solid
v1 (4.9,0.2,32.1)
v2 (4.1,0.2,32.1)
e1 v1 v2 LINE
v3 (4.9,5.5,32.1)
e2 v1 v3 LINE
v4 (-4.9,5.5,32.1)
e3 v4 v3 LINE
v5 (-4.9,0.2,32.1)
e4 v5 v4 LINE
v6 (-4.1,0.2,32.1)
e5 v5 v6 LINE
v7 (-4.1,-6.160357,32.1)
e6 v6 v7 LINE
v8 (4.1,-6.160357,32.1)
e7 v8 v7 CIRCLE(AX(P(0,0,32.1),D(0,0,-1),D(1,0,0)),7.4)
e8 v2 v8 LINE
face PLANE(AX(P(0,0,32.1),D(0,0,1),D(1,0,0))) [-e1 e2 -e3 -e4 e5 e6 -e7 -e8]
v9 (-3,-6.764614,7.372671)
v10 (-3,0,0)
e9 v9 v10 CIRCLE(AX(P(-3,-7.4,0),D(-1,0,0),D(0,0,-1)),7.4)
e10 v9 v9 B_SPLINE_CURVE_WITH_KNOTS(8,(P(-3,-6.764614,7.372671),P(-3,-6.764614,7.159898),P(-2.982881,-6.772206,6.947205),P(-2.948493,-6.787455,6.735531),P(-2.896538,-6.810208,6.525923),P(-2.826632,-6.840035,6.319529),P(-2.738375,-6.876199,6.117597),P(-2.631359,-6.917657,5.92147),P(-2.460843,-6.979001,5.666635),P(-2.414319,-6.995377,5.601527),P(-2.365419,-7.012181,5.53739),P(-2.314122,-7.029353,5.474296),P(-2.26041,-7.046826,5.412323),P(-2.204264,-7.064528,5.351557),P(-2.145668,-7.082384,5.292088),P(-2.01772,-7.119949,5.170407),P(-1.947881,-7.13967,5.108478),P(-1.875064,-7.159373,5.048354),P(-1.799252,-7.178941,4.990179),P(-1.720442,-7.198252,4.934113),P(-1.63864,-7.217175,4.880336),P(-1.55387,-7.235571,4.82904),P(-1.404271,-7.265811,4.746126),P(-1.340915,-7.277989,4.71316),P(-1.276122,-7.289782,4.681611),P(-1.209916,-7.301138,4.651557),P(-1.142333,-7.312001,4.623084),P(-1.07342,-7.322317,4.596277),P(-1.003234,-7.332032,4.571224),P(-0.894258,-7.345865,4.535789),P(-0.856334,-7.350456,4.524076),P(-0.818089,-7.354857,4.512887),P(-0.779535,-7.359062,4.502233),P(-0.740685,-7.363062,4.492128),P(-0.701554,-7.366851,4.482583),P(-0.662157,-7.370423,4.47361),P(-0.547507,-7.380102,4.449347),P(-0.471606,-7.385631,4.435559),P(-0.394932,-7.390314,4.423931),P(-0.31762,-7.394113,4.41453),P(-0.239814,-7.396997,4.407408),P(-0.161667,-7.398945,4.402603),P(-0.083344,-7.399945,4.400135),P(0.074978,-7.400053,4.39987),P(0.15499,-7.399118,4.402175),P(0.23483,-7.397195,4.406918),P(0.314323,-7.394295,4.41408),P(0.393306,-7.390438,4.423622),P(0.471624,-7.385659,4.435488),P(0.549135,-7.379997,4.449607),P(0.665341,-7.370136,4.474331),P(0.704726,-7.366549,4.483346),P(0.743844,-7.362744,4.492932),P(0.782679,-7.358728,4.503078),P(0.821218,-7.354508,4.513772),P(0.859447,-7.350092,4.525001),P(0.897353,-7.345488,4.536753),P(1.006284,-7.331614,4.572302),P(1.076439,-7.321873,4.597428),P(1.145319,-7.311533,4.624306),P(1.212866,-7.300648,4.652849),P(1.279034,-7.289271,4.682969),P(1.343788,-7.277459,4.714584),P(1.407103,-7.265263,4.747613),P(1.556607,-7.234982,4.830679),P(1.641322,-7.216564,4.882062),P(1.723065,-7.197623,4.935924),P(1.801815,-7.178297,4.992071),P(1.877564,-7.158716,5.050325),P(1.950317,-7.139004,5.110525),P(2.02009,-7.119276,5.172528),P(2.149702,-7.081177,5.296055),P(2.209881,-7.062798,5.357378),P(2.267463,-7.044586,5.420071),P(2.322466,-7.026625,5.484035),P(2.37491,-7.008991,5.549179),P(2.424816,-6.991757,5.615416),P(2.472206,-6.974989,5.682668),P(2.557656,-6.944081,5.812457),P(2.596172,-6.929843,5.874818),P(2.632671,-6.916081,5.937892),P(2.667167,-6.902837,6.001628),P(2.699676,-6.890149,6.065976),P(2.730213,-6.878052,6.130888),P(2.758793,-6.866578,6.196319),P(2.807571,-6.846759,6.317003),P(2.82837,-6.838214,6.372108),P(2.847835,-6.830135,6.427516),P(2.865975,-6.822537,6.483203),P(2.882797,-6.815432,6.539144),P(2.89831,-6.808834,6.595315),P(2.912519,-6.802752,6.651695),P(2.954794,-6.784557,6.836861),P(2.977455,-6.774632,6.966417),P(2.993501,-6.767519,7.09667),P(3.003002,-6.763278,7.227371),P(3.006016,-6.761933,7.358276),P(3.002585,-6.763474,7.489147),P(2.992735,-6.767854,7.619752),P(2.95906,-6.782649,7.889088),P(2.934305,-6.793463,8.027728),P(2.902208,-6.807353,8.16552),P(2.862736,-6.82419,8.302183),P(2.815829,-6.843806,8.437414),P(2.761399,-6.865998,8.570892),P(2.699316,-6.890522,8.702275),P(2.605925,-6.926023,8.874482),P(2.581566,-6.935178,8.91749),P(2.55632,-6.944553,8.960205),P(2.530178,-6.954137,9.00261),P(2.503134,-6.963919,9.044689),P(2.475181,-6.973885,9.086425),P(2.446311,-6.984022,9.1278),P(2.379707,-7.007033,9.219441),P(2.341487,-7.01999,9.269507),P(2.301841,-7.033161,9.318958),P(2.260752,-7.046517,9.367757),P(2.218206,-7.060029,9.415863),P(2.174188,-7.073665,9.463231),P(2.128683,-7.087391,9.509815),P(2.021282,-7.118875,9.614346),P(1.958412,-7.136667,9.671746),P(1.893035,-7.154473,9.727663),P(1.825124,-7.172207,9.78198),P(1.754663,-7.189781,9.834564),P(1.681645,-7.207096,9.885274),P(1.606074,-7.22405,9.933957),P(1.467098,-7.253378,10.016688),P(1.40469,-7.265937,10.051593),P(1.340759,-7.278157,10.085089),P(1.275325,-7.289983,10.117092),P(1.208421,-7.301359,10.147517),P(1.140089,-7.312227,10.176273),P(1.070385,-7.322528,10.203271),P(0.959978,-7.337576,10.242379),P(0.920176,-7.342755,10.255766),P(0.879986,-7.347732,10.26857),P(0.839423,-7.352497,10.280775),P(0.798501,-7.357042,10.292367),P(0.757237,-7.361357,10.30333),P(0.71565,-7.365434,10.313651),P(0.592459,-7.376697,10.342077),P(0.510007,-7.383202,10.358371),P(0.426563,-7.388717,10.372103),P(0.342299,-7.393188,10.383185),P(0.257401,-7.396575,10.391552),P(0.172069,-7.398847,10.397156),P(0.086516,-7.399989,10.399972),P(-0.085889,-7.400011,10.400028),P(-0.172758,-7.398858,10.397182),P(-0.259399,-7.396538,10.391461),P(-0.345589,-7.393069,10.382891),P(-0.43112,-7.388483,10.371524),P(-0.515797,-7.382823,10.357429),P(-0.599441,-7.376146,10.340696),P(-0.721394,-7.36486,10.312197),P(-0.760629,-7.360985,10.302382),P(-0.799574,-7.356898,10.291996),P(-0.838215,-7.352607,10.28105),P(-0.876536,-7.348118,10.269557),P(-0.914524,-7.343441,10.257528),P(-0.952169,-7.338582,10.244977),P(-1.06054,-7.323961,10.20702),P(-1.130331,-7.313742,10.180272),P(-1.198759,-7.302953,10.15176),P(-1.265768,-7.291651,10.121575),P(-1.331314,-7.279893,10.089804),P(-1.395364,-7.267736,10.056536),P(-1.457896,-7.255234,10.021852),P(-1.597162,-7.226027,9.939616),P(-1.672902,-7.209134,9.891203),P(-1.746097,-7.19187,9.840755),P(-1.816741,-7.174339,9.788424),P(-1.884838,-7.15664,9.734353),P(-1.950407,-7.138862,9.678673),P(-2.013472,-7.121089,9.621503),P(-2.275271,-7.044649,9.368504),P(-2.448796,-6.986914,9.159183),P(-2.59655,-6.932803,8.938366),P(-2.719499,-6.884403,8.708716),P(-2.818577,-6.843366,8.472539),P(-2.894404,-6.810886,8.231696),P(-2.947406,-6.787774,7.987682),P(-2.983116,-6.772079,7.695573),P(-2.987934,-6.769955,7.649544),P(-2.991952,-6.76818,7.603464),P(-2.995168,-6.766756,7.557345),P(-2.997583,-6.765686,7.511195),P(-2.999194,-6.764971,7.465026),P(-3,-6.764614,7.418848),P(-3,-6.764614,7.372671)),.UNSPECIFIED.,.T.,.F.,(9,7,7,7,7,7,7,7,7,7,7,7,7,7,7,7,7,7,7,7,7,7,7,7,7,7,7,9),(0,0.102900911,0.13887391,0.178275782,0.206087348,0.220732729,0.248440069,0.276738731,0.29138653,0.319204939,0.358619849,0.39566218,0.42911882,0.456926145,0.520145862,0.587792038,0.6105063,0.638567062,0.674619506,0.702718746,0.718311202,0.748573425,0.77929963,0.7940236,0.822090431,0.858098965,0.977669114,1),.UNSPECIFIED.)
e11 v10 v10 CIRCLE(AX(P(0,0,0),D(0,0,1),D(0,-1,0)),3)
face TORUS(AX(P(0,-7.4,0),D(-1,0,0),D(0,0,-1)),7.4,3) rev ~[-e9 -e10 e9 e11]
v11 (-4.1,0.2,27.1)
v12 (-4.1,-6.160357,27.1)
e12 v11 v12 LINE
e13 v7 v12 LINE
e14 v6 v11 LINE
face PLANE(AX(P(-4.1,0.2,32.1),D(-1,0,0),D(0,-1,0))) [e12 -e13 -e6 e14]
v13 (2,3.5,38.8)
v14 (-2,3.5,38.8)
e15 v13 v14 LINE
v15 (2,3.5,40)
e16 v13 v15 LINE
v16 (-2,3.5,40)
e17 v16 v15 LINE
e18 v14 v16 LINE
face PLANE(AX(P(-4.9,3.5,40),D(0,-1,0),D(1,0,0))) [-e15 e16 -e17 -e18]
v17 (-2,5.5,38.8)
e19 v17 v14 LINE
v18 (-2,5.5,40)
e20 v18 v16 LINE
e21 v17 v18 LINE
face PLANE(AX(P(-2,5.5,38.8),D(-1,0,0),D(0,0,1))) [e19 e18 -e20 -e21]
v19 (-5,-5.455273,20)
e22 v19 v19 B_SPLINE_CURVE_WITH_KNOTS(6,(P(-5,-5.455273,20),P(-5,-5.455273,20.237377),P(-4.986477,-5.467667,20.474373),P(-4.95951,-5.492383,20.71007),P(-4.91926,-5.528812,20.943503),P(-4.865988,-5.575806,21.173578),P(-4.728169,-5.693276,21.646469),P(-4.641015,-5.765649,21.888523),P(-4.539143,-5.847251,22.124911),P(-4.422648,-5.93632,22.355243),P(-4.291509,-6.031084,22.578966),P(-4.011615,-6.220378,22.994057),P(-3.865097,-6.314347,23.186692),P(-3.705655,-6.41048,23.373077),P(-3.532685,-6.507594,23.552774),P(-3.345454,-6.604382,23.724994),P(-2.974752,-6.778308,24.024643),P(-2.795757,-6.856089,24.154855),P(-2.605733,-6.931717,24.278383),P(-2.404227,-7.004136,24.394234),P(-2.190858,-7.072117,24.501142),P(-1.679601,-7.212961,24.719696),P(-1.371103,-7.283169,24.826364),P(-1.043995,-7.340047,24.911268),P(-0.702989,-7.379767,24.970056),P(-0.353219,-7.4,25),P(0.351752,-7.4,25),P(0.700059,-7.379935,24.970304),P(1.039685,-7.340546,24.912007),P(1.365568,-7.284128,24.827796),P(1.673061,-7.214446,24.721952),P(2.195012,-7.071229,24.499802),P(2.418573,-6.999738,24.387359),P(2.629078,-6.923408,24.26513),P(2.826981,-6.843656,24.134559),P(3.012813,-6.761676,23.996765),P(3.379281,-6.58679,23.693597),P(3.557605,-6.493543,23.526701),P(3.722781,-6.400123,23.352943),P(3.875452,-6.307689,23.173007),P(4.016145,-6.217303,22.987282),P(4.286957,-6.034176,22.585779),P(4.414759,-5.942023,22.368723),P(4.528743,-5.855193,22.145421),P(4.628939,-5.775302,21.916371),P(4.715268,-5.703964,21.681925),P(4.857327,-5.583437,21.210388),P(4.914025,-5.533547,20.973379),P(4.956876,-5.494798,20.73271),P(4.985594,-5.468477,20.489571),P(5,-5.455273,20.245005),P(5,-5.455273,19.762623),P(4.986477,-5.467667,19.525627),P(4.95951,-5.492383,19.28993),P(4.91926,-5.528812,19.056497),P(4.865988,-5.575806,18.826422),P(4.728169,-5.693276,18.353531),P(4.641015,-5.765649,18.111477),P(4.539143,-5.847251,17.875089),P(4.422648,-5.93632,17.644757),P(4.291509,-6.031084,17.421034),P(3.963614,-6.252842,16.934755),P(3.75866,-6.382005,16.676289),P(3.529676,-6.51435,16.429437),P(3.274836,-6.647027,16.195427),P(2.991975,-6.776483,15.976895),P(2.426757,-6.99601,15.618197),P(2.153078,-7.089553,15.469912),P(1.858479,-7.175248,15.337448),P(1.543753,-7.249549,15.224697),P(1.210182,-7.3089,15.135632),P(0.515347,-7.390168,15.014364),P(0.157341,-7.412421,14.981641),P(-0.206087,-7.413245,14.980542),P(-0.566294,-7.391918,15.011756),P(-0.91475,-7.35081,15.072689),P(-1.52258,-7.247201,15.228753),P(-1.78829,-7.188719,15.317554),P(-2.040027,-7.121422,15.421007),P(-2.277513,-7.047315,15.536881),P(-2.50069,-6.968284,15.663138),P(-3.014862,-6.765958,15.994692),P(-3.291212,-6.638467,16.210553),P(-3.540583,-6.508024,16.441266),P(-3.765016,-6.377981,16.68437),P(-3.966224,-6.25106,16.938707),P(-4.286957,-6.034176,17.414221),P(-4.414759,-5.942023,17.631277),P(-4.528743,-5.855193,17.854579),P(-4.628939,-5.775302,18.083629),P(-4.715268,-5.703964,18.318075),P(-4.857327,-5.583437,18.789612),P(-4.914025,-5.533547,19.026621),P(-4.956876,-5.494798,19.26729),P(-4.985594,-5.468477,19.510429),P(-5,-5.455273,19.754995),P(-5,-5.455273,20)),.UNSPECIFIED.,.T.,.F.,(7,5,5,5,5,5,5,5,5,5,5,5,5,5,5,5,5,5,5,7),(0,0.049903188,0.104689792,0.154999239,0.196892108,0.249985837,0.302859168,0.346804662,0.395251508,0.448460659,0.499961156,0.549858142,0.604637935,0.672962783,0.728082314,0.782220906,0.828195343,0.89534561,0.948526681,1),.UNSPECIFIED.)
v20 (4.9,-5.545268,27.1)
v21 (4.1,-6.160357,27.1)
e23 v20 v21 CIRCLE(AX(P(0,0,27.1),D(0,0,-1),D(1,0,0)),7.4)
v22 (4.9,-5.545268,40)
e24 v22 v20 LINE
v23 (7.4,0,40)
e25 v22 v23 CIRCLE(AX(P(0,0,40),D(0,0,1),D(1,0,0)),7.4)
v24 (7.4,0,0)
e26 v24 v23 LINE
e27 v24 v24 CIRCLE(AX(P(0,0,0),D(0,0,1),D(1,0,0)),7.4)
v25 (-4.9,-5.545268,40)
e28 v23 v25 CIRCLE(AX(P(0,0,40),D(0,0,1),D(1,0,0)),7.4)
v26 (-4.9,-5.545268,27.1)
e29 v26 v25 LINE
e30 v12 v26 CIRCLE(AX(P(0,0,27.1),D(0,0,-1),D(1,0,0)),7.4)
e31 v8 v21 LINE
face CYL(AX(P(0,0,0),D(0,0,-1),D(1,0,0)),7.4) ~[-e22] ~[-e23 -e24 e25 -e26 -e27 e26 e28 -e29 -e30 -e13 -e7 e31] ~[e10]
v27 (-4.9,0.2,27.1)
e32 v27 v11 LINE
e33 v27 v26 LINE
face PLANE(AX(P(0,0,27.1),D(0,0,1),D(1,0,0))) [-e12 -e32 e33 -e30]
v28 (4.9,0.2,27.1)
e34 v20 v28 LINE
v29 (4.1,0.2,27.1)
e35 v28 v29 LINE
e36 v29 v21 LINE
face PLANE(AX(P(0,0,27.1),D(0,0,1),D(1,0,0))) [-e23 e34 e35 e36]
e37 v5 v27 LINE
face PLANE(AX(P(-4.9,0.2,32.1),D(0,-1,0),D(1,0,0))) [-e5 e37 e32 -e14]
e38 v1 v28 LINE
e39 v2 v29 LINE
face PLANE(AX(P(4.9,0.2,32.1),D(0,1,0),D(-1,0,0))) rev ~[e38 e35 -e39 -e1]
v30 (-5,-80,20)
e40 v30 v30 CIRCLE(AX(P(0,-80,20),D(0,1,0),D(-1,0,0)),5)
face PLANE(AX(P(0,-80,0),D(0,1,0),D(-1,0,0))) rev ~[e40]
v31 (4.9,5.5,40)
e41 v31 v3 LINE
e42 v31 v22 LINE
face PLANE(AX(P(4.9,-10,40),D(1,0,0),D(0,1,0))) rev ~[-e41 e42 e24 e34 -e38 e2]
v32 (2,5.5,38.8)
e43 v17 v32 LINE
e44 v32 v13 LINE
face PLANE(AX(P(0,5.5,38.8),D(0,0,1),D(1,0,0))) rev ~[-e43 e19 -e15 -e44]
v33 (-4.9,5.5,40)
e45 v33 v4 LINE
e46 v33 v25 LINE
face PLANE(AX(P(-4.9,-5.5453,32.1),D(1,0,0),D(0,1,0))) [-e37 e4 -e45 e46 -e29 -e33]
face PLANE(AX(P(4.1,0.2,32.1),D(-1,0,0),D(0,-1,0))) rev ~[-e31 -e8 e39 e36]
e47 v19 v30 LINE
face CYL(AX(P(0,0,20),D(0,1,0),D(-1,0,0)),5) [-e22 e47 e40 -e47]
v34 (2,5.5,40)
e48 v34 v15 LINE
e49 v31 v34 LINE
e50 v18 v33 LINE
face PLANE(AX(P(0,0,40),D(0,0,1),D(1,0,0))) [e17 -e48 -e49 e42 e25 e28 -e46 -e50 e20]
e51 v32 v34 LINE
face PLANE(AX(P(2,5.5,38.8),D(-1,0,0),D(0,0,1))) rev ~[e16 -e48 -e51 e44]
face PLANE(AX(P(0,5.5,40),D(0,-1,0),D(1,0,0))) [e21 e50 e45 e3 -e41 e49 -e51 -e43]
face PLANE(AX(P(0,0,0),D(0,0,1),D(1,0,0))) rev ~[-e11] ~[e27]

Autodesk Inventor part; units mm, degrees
ref_plane "YZ Plane" through (0, 0, 0) normal (1, 0, 0) x (0, 1, 0)
ref_plane "XZ Plane" through (0, 0, 0) normal (0, 1, 0) x (-1, 0, 0)
ref_plane "XY Plane" through (0, 0, 0) normal (0, 0, 1) x (1, 0, 0)
sketch "Sketch1" plane through (0, 0, 0) normal (0, 0, 1) x (1, 0, 0)
  circle A0 centre (0, 0) radius 7.4
  dimension "d0" = 14.8
extrude "Extrusion1" add sketch "Sketch1" along normal blind 40
sketch "Sketch2" plane through (0, 0, 40) normal (0, 0, 1) x (1, 0, 0)
  line L0 (0, 0) -> (-4.9, 0)
  line L1 (0, 0) -> (4.9, 0)
  line L2 (0, 0) -> (0, 5.5)
  line L3 (0, 5.5) -> (-4.9, 5.5)
  line L4 (-4.9, 5.5) -> (-4.9, 0)
  line L5 (0, 5.5) -> (4.9, 5.5)
  line L6 (4.9, 5.5) -> (4.9, 0)
  line L7 (-4.9, 0) -> (-4.9, -10)
  line L8 (-4.9, -10) -> (4.9, -10)
  line L9 (4.9, -10) -> (4.9, 0)
  dimension "d3" = 4.9
  dimension "d4" = 4.9
  dimension "d5" = 5.5
  dimension "d6" = 10
extrude "Extrusion2" cut sketch "Sketch2" against normal blind 7.9
sketch "Sketch3" plane through (0, 0, 32.1) normal (0, 0, 1) x (1, 0, 0)
  line L0 (-4.9, -5.5453) -> (-4.9, 5.5) projected
  line L1 (-4.9, 5.5) -> (-4.9, 0.2)
  line L2 (-4.9, 0.2) -> (-4.1, 0.2)
  line L3 (-4.1, 0.2) -> (-4.1, -7.8)
  line L4 (-4.1, -7.8) -> (-4.9, -7.8)
  line L5 (-4.9, -7.8) -> (-4.9, 0.2)
  line L6 (4.9, 5.5) -> (4.9, -5.5453) projected
  line L7 (4.9, 5.5) -> (4.9, 0.2)
  line L8 (4.9, 0.2) -> (4.1, 0.2)
  line L9 (4.1, 0.2) -> (4.1, -7.8)
  line L10 (4.1, -7.8) -> (4.9, -7.8)
  line L11 (4.9, 0.2) -> (4.9, -7.8)
  point P0 (0, 0)
  dimension "d9" = 5.3
  dimension "d10" = 0.8
  dimension "d11" = 8
  dimension "d12" = 0.8
  dimension "d13" = 5.3
  dimension "d14" = 0.8
  dimension "d15" = 8
extrude "Extrusion3" cut sketch "Sketch3" against normal blind 5
sketch "Sketch4" plane through (-4.9, 5.5, 40) normal (0, -1, 0) x (1, 0, 0)
  line L0 (12.3, 0) -> (-2.5, 0) projected
  line L1 (6.9, 0) -> (2.9, 0)
  line L2 (4.9, 0) -> (4.9, -1.2)
  line L3 (4.9, -1.2) -> (6.9, -1.2)
  line L4 (6.9, -1.2) -> (6.9, 0)
  line L5 (4.9, -1.2) -> (2.9, -1.2)
  line L6 (2.9, -1.2) -> (2.9, 0)
  point P0 (4.9, -40)
  point P1 (9.8, 0)
  point P2 (0, 0)
  dimension "d18" = 1.2
  dimension "d19" = 2
  dimension "d20" = 2
extrude "Extrusion4" add sketch "Sketch4" along normal blind 2
sketch "Sketch5" plane through (0, 0, 0) normal (0, 1, 0) x (-1, 0, 0)
  line L0 (-7.4, 0) -> (-7.4, 40) projected
  line L1 (-7.4, 40) -> (-7.4, 0)
  line L2 (-7.4, 20) -> (7.4, 20)
  line L3 (7.4, 0) -> (7.4, 40) projected
  circle A0 centre (0, 20) radius 5
  point P0 (0, 0)
  dimension "d23" = 10
extrude "Extrusion5" add sketch "Sketch5" against normal blind 80
ref_plane "Work Plane1" through (4.9, -5.5453, 27.1) normal (0, -1, 0) x (1, 0, 0)
sketch "Sketch7" plane through (0, 0, 0) normal (0, 0, -1) x (-1, 0, 0)
  circle A0 centre (0, 0) radius 3
  dimension "d26" = 6
ref_plane "Work Plane2" through (0, 0, 0) normal (-1, 0, 0) x (0, 0, -1)
sketch "Sketch8" plane through (0, 0, 0) normal (-1, 0, 0) x (0, 0, -1)
  line L0 (0, -7.4) -> (0, 7.4) projected
  circle A0 centre (0, 7.4) radius 7.4
  point P0 (0, 0)
sweep "Sweep1" cut profiles "Sketch7" path "Sketch8" path curves A0
equation "\"BendRadius\" = Thickness"
equation "\"BendReliefWidth\" = Thickness"
equation "\"BendReliefDepth\" = 0.5 * Thickness"
equation "\"CornerReliefSize\" = 4 * Thickness"
equation "\"MinimumRemnant\" = 2 * Thickness"
equation "\"TransitionRadius\" = BendRadius"
equation "\"JacobiRadiusSize\" = BendRadius"
equation "\"GapSize\" = Thickness"
equation "\"Thickness\" = 0.5"
properties part number "rotor1"
